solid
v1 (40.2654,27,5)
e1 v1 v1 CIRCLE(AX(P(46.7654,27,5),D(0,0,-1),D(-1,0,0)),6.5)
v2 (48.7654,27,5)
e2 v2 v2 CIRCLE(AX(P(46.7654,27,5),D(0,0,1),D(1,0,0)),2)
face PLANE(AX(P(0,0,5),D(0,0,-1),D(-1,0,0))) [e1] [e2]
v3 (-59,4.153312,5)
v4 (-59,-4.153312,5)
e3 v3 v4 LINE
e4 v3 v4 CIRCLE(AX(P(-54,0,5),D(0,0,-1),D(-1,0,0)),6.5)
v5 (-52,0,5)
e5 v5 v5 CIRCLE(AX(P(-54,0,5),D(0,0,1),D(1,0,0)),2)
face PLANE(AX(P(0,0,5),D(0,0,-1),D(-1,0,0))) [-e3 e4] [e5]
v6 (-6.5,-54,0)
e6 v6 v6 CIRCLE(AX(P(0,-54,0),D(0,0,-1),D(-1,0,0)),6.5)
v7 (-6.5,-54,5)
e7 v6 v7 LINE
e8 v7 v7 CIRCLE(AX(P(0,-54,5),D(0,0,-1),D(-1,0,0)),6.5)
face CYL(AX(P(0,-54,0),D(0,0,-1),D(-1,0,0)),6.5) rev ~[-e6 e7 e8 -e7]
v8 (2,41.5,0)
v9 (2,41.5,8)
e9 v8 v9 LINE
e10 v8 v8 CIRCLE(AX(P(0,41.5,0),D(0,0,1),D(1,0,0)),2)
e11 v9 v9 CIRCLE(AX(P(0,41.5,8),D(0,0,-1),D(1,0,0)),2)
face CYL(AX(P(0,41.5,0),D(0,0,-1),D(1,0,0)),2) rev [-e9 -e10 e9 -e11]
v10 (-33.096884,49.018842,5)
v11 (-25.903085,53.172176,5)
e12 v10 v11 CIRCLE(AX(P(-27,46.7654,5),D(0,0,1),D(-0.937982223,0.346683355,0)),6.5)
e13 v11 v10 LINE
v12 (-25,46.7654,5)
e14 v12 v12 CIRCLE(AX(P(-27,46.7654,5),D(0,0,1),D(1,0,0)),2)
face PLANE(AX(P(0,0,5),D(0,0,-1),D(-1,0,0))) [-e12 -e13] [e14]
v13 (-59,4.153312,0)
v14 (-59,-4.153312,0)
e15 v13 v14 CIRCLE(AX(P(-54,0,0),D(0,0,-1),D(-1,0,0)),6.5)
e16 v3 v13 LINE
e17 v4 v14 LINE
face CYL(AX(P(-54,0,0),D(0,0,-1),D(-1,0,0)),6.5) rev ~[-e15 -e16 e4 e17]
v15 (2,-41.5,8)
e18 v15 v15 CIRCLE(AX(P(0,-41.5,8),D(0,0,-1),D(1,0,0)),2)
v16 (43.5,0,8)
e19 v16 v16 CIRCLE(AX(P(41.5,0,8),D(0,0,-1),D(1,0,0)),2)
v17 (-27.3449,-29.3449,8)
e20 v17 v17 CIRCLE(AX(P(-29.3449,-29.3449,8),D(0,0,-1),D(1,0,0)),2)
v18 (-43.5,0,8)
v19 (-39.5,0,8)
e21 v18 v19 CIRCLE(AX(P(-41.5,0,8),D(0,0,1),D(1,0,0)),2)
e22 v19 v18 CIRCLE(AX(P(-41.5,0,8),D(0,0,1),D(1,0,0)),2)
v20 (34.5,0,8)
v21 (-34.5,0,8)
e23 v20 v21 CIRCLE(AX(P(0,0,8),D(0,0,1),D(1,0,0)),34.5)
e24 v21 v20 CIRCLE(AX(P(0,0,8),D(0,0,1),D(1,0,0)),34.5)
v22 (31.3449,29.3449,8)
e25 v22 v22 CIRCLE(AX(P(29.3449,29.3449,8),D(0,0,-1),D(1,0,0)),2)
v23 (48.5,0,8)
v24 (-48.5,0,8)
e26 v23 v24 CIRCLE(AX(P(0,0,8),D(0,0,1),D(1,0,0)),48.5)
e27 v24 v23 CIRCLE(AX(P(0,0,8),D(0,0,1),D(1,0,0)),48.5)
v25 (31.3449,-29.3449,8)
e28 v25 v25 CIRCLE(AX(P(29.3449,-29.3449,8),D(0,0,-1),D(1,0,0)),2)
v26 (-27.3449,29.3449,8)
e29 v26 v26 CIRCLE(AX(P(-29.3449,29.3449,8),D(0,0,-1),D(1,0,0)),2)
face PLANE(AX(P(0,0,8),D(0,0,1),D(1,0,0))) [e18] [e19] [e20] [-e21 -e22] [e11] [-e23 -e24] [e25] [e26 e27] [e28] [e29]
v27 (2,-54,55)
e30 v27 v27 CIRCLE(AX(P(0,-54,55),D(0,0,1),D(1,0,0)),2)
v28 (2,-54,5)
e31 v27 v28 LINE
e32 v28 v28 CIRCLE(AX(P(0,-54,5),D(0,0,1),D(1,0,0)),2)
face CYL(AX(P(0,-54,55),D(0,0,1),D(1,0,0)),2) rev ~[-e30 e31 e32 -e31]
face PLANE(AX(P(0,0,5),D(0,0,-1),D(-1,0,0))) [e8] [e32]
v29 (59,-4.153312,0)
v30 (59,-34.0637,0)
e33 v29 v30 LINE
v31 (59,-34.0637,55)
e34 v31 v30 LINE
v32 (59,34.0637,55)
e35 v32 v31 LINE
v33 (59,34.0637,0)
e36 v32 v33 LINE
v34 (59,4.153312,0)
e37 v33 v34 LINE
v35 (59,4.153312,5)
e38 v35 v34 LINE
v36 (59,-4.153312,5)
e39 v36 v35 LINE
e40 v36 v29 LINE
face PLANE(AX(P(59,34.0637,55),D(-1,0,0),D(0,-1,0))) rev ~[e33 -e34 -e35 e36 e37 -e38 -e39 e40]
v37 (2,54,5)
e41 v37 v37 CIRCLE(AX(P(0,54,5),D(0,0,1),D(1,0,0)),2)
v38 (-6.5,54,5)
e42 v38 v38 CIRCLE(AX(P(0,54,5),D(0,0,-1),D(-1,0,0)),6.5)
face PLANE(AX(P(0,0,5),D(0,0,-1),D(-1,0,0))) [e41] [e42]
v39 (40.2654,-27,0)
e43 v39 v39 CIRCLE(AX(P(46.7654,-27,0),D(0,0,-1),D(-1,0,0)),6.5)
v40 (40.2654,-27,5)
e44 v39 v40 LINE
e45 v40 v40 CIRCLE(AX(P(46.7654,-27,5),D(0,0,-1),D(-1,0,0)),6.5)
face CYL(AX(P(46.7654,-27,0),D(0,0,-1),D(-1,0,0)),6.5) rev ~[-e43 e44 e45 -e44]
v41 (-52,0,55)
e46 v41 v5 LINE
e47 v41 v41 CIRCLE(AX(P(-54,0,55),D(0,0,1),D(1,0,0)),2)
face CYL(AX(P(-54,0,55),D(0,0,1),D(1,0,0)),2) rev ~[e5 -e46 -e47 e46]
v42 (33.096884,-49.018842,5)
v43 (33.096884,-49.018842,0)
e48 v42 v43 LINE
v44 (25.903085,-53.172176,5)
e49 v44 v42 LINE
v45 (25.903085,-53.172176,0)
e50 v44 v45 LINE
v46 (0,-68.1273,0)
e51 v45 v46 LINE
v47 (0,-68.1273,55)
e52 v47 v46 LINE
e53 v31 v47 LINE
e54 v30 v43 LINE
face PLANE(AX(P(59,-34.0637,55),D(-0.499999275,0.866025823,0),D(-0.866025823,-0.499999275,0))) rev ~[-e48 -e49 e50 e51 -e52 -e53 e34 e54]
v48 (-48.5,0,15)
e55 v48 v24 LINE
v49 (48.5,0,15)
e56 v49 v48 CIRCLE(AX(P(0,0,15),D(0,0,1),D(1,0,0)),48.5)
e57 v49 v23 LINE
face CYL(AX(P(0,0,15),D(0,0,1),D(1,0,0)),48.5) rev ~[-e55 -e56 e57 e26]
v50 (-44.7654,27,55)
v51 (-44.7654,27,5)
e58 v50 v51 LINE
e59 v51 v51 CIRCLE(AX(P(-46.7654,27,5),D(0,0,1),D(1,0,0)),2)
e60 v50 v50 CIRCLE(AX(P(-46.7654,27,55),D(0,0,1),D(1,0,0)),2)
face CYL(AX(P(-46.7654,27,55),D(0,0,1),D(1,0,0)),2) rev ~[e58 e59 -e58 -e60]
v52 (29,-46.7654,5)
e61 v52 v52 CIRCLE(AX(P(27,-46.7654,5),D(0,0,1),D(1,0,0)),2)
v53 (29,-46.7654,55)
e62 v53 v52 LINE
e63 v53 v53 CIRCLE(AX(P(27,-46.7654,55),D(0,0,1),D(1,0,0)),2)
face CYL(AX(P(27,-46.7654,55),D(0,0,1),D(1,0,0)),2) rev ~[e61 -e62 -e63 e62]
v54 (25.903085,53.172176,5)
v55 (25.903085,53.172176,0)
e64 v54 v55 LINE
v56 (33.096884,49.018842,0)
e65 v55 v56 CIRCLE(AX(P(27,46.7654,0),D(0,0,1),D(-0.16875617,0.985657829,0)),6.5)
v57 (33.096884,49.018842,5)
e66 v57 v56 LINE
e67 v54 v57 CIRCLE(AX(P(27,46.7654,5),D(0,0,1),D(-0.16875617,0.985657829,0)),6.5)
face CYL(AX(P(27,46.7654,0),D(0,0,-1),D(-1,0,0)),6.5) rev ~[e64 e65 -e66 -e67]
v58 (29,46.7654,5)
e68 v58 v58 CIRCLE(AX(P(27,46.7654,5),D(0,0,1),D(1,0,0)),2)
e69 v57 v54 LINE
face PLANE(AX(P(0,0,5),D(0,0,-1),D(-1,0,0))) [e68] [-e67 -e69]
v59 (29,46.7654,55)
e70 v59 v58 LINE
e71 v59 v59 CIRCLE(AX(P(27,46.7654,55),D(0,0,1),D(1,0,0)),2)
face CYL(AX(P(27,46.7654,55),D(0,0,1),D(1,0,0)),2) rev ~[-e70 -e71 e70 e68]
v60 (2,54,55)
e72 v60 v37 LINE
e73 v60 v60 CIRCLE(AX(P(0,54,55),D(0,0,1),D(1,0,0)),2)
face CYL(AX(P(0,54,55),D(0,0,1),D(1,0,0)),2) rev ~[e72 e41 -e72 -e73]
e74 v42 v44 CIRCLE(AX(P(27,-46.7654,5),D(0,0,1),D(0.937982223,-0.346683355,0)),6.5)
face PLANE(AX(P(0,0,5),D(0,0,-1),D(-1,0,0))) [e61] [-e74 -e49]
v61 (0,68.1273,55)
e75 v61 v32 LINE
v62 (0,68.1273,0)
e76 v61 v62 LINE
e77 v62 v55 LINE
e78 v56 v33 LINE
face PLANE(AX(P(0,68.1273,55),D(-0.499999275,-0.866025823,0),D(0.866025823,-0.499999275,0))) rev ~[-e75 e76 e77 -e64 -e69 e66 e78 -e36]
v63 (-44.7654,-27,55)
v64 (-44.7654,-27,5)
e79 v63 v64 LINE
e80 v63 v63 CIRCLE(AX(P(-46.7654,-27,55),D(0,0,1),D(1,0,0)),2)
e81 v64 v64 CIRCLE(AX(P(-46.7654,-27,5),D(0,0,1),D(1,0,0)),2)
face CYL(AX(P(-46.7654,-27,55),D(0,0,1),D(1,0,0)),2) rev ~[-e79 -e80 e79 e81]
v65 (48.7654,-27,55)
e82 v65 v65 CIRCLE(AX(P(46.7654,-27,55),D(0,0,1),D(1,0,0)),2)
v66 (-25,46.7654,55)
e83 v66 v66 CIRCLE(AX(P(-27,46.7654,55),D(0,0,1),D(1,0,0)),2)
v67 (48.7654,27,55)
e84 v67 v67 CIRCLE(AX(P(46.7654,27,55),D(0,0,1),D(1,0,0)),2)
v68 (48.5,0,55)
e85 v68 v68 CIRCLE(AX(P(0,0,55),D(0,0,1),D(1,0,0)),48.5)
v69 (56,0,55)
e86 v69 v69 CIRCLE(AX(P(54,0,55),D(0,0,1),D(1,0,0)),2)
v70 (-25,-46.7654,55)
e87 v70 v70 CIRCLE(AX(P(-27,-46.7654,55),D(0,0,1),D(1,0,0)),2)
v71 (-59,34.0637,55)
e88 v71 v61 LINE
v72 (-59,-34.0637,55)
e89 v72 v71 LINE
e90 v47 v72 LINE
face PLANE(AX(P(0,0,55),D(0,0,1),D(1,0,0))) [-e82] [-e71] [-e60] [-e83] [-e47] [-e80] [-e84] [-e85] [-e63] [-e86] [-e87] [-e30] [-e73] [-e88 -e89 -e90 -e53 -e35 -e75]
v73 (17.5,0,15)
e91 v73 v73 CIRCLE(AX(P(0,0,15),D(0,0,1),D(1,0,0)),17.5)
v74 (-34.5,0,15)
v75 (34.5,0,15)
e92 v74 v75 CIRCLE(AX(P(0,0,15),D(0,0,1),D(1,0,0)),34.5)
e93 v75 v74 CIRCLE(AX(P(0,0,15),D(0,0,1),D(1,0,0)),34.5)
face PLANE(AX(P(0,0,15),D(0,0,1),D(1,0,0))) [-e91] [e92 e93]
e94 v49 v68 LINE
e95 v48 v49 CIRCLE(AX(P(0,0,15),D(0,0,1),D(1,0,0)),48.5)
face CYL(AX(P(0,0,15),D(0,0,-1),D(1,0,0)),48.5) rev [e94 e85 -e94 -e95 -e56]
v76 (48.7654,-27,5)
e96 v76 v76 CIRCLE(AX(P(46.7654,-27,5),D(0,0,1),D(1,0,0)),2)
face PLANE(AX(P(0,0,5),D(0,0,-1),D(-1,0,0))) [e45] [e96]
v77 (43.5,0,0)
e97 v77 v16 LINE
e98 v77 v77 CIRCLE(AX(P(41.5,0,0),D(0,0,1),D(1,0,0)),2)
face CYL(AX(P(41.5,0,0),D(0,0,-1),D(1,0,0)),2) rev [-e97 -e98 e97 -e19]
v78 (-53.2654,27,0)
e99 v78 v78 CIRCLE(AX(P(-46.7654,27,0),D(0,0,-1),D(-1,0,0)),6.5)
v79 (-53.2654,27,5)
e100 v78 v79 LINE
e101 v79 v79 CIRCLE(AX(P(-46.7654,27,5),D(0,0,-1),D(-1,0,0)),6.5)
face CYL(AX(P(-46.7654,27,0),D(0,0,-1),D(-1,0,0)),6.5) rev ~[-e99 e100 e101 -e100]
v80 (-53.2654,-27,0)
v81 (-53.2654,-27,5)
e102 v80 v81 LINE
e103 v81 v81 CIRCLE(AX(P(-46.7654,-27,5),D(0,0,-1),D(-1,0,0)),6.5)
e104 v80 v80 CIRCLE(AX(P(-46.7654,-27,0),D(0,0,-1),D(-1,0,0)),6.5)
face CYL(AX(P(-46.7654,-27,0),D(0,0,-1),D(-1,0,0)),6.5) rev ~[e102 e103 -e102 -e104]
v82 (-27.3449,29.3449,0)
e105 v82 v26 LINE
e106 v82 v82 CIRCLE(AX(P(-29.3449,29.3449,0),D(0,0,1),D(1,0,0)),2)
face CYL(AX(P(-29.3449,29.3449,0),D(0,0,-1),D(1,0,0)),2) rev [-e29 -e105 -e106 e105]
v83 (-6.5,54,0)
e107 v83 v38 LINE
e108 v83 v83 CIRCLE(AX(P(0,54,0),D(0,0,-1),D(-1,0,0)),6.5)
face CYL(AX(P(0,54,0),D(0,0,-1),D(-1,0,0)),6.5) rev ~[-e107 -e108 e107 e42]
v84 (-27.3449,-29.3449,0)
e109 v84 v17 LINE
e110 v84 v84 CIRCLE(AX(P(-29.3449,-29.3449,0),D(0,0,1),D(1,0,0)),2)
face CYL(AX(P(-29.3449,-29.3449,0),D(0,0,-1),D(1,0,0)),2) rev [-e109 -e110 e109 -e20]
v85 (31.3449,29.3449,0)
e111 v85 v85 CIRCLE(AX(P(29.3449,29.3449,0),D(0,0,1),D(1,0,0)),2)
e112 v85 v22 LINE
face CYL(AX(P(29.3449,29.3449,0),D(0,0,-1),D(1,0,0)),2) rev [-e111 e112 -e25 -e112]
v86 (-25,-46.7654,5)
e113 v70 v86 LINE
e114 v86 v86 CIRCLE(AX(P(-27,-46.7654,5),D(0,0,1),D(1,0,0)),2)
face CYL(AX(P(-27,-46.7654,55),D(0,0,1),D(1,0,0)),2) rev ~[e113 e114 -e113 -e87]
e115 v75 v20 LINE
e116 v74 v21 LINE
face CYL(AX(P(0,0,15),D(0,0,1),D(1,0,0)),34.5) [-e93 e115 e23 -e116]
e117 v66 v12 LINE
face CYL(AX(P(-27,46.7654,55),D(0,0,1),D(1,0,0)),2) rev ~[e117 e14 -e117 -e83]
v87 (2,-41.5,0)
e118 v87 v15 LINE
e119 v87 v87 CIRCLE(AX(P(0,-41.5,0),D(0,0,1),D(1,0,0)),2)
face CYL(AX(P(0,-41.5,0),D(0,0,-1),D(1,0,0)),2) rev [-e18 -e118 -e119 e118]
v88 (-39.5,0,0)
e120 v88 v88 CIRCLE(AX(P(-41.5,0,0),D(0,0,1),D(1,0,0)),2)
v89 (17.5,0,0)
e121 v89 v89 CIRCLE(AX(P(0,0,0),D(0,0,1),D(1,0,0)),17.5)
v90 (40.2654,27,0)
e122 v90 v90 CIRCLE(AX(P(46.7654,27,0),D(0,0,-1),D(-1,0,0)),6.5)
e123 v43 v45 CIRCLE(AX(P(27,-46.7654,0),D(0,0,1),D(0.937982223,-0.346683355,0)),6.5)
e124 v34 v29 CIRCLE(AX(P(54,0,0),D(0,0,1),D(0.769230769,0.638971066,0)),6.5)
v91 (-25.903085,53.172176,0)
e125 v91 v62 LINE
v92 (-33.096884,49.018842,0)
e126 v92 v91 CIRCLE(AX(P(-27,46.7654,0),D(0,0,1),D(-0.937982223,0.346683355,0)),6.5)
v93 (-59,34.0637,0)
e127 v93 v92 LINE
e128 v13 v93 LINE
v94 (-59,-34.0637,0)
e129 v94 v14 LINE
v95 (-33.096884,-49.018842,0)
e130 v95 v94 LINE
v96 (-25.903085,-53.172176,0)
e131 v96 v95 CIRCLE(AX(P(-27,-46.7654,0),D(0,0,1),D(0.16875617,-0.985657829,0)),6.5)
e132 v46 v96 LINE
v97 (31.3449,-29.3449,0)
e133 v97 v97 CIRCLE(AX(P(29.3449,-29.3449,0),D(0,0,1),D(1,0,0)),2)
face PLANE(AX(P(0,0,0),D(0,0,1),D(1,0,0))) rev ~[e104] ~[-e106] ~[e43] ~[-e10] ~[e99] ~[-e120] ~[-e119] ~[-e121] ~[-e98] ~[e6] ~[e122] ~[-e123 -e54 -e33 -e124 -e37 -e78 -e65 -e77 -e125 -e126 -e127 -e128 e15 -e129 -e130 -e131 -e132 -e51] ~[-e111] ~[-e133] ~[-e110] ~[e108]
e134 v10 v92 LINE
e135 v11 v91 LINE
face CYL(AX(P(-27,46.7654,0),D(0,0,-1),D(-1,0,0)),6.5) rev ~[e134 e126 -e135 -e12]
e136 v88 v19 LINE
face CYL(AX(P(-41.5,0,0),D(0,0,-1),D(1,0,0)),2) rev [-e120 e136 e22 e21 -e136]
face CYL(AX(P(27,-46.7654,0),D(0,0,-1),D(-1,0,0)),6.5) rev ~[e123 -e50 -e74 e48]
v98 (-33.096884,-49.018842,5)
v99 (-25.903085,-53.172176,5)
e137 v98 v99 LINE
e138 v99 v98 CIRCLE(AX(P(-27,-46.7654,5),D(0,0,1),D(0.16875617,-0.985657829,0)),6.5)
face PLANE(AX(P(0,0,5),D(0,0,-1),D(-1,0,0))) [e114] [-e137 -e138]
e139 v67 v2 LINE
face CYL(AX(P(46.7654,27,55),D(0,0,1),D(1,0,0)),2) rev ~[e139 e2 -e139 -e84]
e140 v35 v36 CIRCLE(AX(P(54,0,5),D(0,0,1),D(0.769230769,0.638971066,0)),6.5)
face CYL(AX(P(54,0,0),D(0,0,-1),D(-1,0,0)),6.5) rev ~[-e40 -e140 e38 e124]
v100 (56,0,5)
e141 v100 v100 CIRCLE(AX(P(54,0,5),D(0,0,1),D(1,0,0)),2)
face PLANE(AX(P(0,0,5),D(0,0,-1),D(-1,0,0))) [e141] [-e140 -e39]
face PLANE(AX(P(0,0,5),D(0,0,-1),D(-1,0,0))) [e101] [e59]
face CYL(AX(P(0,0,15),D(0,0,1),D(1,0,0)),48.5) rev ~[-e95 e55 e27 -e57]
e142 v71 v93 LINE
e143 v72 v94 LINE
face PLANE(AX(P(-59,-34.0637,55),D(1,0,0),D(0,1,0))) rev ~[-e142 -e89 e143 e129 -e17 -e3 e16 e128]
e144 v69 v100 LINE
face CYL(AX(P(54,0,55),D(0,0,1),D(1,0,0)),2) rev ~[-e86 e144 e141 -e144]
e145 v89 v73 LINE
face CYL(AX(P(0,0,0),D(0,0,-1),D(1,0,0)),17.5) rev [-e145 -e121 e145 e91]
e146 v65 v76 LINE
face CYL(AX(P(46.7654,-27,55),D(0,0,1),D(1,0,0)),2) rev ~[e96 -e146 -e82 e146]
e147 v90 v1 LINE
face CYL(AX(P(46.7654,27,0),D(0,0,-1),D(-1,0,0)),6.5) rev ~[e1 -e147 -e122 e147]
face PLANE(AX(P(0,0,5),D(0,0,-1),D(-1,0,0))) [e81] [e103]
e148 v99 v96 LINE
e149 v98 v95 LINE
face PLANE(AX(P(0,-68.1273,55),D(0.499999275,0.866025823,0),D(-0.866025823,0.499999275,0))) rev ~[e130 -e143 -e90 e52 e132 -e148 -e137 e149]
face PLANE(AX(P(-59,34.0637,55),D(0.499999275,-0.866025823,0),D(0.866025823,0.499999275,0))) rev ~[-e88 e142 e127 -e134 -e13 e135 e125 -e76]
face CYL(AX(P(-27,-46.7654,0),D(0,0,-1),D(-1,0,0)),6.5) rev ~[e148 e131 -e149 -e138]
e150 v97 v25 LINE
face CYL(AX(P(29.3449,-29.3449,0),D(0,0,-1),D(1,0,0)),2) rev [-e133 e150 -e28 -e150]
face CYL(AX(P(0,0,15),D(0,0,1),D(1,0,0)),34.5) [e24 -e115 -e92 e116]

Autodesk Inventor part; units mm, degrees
ref_plane "YZ Plane" through (0, 0, 0) normal (1, 0, 0) x (0, 1, 0)
ref_plane "XZ Plane" through (0, 0, 0) normal (0, 1, 0) x (-1, 0, 0)
ref_plane "XY Plane" through (0, 0, 0) normal (0, 0, 1) x (1, 0, 0)
sketch "Sketch1" plane through (0, 0, 0) normal (0, 0, 1) x (1, 0, 0)
  circle A0 centre (0, 0) radius 17.5
  circle A1 centre (0, 0) radius 67.5
  circle A2 centre (41.5, 0) radius 2
  circle A3 centre (29.3449, 29.3449) radius 2
  circle A4 centre (0, 41.5) radius 2
  circle A5 centre (-29.3449, 29.3449) radius 2
  circle A6 centre (-41.5, 0) radius 2
  circle A7 centre (-29.3449, -29.3449) radius 2
  circle A8 centre (0, -41.5) radius 2
  circle A9 centre (29.3449, -29.3449) radius 2
  dimension "d0" = 35
  dimension "d1" = 135
  dimension "d2" = 4
  dimension "d3" = 41.5
  dimension "d6" = 360
extrude "Extrusion1" add sketch "Sketch1" along normal blind 15
sketch "Sketch5" plane through (0, 0, 15) normal (0, 0, 1) x (1, 0, 0)
  circle A0 centre (0, 0) radius 67.5 projected
  circle A1 centre (0, 0) radius 48.5
  dimension "d19" = 97
extrude "Extrusion4" add sketch "Sketch5" along normal blind 40
sketch "Sketch8" plane through (0, 0, 55) normal (0, 0, 1) x (1, 0, 0)
  circle A0 centre (-54, 0) radius 2
  circle A1 centre (-46.7654, -27) radius 2
  circle A2 centre (-27, -46.7654) radius 2
  circle A3 centre (0, -54) radius 2
  circle A4 centre (27, -46.7654) radius 2
  circle A5 centre (46.7654, -27) radius 2
  circle A6 centre (54, 0) radius 2
  circle A7 centre (46.7654, 27) radius 2
  circle A8 centre (27, 46.7654) radius 2
  circle A9 centre (0, 54) radius 2
  circle A10 centre (-27, 46.7654) radius 2
  circle A11 centre (-46.7654, 27) radius 2
  point P0 (0, 0)
  dimension "d20" = 4
  dimension "d21" = 54
  dimension "d24" = 360
extrude "Extrusion5" cut sketch "Sketch8" against normal through all
sketch "Sketch11" plane through (0, 0, 55) normal (0, 0, 1) x (1, 0, 0)
  line L0 (0, 77.9423) -> (67.5, 38.9711)
  line L1 (67.5, 38.9711) -> (67.5, -38.9711)
  line L2 (67.5, -38.9711) -> (0, -77.9423)
  line L3 (0, -77.9423) -> (-67.5, -38.9711)
  line L4 (-67.5, -38.9711) -> (-67.5, 38.9711)
  line L5 (-67.5, 38.9711) -> (0, 77.9423)
  circle A0 centre (0, 0) radius 67.5 projected
extrude "Extrusion8" add sketch "Sketch11" against normal blind 55 contours L0 A0 L5 | L0 L1 A0 | A0 L4 L5 | L1 L2 A0 | A0 L3 L4 | L2 L3 A0
sketch "Sketch12" plane through (0, 0, 0) normal (0, 0, -1) x (-1, 0, 0)
  circle A0 centre (-54, 0) radius 2 projected
  circle A1 centre (-54, 0) radius 6.5
  circle A2 centre (-46.7654, -27) radius 6.5
  circle A3 centre (-27, -46.7654) radius 6.5
  circle A4 centre (0, -54) radius 6.5
  circle A5 centre (27, -46.7654) radius 6.5
  circle A6 centre (46.7654, -27) radius 6.5
  circle A7 centre (54, 0) radius 6.5
  circle A8 centre (46.7654, 27) radius 6.5
  circle A9 centre (27, 46.7654) radius 6.5
  circle A10 centre (0, 54) radius 6.5
  circle A11 centre (-27, 46.7654) radius 6.5
  circle A12 centre (-46.7654, 27) radius 6.5
  point P0 (0, 0)
  dimension "d37" = 13
  dimension "d40" = 360
extrude "Extrusion9" cut sketch "Sketch12" against normal blind 5 contours A0 | A1 | A2 | A3 | A4 | A5 | A6 | A7 | A8 | A9 | A10 | A11 | A12
sketch "Sketch16" plane through (0, 0, 15) normal (0, 0, 1) x (1, 0, 0)
  circle A0 centre (-41.5, 0) radius 2 projected
  circle A1 centre (0, 0) radius 34.5
  circle A2 centre (0, 0) radius 48.5
  line L0 (-48.5, 0) -> (-34.5, 0)
  circle A3 centre (0, 0) radius 48.5 projected
extrude "Extrusion11" cut sketch "Sketch16" against normal blind 7
sketch "Sketch19" plane through (0, 0, 55) normal (0, 0, 1) x (1, 0, 0)
  circle A0 centre (-27, 46.7654) radius 2 projected
  circle A1 centre (27, 46.7654) radius 2 projected
  circle A2 centre (54, 0) radius 2 projected
  circle A3 centre (27, -46.7654) radius 2 projected
  circle A4 centre (-27, -46.7654) radius 2 projected
  circle A5 centre (-54, 0) radius 2 projected
  circle A6 centre (-46.7654, -27) radius 2 projected
  circle A7 centre (0, -54) radius 2 projected
  circle A8 centre (46.7654, -27) radius 2 projected
  circle A9 centre (46.7654, 27) radius 2 projected
  circle A10 centre (0, 54) radius 2 projected
  circle A11 centre (-46.7654, 27) radius 2 projected
  circle A12 centre (0, 0) radius 48.5 projected
  line L0 (0, -77.9423) -> (-67.5, -38.9711) projected
  line L1 (67.5, -38.9711) -> (0, -77.9423) projected
  line L2 (67.5, 38.9711) -> (67.5, -38.9711) projected
  line L3 (0, 77.9423) -> (67.5, 38.9711) projected
  line L4 (-67.5, 38.9711) -> (0, 77.9423) projected
  line L5 (-67.5, -38.9711) -> (-67.5, 38.9711) projected
  line L6 (0, 68.1273) -> (59, 34.0637)
  line L7 (59, 34.0637) -> (59, -34.0637)
  line L8 (59, -34.0637) -> (0, -68.1273)
  line L9 (0, -68.1273) -> (-59, -34.0637)
  line L10 (-59, -34.0637) -> (-59, 34.0637)
  line L11 (-59, 34.0637) -> (0, 68.1273)
  dimension "d58" = 118
extrude "Extrusion13" cut sketch "Sketch19" against normal through all contours L0 L5 L4 L3 L2 L1
properties part number "AC01" material "ABS Plastic"
